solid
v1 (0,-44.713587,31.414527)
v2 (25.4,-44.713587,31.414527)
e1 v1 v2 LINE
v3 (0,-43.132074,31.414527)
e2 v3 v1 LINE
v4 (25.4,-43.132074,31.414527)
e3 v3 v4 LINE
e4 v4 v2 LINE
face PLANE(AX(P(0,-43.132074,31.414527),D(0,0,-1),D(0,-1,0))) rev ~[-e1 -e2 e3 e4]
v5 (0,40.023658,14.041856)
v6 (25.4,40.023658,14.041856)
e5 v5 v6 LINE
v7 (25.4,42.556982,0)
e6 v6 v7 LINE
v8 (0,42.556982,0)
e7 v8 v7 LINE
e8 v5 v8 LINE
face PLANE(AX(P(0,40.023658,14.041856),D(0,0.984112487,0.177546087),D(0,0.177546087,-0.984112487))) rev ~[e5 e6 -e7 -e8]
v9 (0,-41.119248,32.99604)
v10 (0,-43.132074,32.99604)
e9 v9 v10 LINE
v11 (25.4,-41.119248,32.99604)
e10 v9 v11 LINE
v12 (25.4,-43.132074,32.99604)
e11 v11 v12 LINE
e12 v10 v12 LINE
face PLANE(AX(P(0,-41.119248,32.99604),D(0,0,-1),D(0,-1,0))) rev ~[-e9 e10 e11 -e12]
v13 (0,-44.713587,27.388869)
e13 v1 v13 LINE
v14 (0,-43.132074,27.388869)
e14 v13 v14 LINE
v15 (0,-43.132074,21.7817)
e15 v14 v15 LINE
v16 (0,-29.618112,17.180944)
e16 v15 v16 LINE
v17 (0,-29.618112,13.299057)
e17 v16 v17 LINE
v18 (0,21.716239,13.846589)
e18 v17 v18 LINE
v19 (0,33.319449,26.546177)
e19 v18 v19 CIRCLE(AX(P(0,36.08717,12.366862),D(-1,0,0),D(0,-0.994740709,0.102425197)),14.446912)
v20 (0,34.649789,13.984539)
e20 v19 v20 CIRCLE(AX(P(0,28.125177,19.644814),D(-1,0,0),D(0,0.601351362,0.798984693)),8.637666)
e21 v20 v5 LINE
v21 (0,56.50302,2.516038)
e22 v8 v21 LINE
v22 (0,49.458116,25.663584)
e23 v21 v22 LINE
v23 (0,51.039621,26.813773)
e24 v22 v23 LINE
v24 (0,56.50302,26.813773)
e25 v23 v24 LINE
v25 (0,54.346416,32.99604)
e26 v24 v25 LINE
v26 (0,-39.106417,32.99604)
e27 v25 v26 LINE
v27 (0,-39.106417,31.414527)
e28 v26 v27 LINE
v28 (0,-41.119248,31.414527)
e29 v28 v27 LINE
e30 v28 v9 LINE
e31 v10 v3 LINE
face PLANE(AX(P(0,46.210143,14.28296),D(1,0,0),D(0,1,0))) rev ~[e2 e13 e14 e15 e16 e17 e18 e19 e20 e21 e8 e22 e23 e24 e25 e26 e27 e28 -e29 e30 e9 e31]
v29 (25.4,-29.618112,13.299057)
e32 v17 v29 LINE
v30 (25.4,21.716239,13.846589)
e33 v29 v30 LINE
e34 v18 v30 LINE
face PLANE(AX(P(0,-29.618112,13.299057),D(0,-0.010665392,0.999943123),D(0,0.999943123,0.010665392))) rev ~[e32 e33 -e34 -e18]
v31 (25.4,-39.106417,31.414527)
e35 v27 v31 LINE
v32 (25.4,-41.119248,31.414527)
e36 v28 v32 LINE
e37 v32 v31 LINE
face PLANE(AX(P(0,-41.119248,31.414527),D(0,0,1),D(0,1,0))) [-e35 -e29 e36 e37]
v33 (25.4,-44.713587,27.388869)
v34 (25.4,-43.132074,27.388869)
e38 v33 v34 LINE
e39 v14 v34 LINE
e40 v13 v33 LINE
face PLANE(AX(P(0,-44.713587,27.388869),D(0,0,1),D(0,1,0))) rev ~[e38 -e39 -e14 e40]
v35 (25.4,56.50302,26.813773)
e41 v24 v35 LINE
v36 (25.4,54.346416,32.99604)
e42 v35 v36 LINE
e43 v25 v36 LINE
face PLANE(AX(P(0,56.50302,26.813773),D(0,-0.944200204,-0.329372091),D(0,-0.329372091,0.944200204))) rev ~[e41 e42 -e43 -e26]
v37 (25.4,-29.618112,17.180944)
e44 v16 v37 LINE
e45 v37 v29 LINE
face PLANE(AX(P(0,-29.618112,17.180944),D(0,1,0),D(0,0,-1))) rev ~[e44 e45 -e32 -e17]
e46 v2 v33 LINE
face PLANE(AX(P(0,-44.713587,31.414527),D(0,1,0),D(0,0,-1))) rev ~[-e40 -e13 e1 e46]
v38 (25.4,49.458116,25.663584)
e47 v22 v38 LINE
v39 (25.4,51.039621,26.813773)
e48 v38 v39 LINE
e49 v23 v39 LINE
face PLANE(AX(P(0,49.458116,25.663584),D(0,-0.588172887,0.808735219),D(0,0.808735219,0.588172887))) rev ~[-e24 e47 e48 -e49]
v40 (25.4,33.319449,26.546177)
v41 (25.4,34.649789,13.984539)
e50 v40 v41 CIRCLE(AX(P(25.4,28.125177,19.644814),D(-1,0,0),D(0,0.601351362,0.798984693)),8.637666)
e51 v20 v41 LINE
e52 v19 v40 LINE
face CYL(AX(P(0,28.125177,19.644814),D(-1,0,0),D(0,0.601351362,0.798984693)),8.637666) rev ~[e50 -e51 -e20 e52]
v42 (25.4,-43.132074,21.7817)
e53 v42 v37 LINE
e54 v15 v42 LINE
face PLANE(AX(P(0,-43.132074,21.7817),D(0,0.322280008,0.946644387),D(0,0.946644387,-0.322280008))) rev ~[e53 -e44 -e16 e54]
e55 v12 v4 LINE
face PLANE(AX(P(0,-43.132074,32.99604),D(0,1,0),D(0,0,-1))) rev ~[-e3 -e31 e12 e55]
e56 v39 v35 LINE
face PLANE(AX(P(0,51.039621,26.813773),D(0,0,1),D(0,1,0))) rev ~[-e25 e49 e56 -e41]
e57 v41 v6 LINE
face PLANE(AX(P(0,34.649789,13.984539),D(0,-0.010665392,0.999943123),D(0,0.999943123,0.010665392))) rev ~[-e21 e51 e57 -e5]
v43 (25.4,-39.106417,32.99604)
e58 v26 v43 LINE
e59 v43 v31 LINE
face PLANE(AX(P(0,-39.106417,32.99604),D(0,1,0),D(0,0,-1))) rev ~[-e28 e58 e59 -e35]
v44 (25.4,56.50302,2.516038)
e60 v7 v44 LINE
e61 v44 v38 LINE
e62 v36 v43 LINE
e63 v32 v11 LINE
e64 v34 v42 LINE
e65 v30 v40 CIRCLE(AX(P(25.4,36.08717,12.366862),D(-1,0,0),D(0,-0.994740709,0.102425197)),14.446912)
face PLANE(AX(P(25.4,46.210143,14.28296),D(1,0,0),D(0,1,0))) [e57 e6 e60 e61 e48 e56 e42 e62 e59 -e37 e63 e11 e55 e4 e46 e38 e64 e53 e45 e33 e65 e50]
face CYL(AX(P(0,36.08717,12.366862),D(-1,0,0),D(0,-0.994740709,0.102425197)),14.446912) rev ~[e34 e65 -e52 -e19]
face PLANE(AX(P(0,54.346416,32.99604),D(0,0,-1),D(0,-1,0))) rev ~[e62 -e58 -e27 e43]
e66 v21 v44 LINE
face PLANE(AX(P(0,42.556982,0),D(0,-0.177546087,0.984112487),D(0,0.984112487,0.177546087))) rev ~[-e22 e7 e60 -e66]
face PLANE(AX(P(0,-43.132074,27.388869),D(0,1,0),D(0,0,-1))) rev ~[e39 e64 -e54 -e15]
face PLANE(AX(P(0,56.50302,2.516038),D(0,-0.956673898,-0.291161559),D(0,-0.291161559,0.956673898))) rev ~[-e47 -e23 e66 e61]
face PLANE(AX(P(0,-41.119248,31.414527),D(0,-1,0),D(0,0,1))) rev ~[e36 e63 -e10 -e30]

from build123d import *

# Parameters (mm, degrees)
F0_W     = 2.0128302276
F0_H     = 2.1566022187
F1_DEPTH = 25.4


with BuildPart() as f1:
    # F0 (on Right) → F1 (new body)
    with BuildSketch(Plane.YZ):
        Polygon((49.458116293, 25.6635844707), (51.0396212339, 26.8137734383), (36.0871702433, 26.8137734383), (40.0236576229, 14.0418562533), (42.5569824874, 0), (56.503020227, 2.5160380173), align=None)
        with BuildLine():
            Line((40.0236576229, 14.0418562533), (36.0871702433, 26.8137734383))
            ThreePointArc((36.0871702433, 26.8137734383), (34.696856705, 26.7467186902), (33.3194493332, 26.5461769095))
            ThreePointArc((33.3194493332, 26.5461769095), (36.7148073807, 20.5544981047), (34.649788507, 13.984538575))
            Line((34.649788507, 13.984538575), (40.0236576229, 14.0418562533))
        make_face()
        with BuildLine():
            Line((56.503020227, 26.8137734383), (54.3464161456, 32.9960398376))
            Line((54.3464161456, 32.9960398376), (-39.1064174473, 32.9960398376))
            Line((-39.1064174473, 32.9960398376), (-39.1064174473, 31.414527446))
            Line((-39.1064174473, 31.414527446), (-39.1064174473, 29.2579252273))
            Line((-39.1064174473, 29.2579252273), (-41.1192476749, 29.2579252273))
            Line((-41.1192476749, 29.2579252273), (-43.1320741773, 29.2579252273))
            Line((-43.1320741773, 29.2579252273), (-43.1320741773, 27.3888688534))
            Line((-43.1320741773, 27.3888688534), (-43.1320741773, 21.7816997319))
            Line((-43.1320741773, 21.7816997319), (-29.6181123704, 17.1809438616))
            Line((-29.6181123704, 17.1809438616), (4.8883017153, 31.4148887992))
            Line((4.8883017153, 31.4148887992), (52.9086813331, 31.4148887992))
            Line((52.9086813331, 31.4148887992), (52.9455639897, 27.9569230312))
            Line((52.9455639897, 27.9569230312), (36.0952989591, 27.7771981348))
            ThreePointArc((36.0952989591, 27.7771981348), (25.6457729914, 23.7390525526), (20.4147553947, 13.8327077375))
            Line((20.4147553947, 13.8327077375), (21.7162388795, 13.846589358))
            ThreePointArc((21.7162388795, 13.846589358), (25.4216542485, 22.1116053387), (33.3194493332, 26.5461769095))
            ThreePointArc((33.3194493332, 26.5461769095), (34.696856705, 26.7467186902), (36.0871702433, 26.8137734383))
            Line((36.0871702433, 26.8137734383), (51.0396212339, 26.8137734383))
            Line((51.0396212339, 26.8137734383), (56.503020227, 26.8137734383))
        make_face()
        Polygon((-41.1192476749, 29.2579252273), (-41.1192476749, 31.414527446), (-41.1192476749, 32.9960398376), (-43.1320741773, 32.9960398376), (-43.1320741773, 31.414527446), (-43.1320741773, 29.2579252273), align=None)
        with Locations((-40.1128325611, 30.3362263367)):
            Rectangle(F0_W, F0_H)
        Polygon((-43.1320741773, 27.3888688534), (-43.1320741773, 29.2579252273), (-43.1320741773, 31.414527446), (-44.7135865688, 31.414527446), (-44.7135865688, 27.3888688534), align=None)
        with BuildLine():
            Line((-29.6181123704, 13.2990572602), (20.4147553947, 13.8327077375))
            ThreePointArc((20.4147553947, 13.8327077375), (25.6457729914, 23.7390525526), (36.0952989591, 27.7771981348))
            Line((36.0952989591, 27.7771981348), (52.9455639897, 27.9569230312))
            Line((52.9455639897, 27.9569230312), (52.9086813331, 31.4148887992))
            Line((52.9086813331, 31.4148887992), (4.8883017153, 31.4148887992))
            Line((4.8883017153, 31.4148887992), (-29.6181123704, 17.1809438616))
            Line((-29.6181123704, 17.1809438616), (-29.6181123704, 13.2990572602))
        make_face()
    extrude(amount=F1_DEPTH)


solid = f1.part
